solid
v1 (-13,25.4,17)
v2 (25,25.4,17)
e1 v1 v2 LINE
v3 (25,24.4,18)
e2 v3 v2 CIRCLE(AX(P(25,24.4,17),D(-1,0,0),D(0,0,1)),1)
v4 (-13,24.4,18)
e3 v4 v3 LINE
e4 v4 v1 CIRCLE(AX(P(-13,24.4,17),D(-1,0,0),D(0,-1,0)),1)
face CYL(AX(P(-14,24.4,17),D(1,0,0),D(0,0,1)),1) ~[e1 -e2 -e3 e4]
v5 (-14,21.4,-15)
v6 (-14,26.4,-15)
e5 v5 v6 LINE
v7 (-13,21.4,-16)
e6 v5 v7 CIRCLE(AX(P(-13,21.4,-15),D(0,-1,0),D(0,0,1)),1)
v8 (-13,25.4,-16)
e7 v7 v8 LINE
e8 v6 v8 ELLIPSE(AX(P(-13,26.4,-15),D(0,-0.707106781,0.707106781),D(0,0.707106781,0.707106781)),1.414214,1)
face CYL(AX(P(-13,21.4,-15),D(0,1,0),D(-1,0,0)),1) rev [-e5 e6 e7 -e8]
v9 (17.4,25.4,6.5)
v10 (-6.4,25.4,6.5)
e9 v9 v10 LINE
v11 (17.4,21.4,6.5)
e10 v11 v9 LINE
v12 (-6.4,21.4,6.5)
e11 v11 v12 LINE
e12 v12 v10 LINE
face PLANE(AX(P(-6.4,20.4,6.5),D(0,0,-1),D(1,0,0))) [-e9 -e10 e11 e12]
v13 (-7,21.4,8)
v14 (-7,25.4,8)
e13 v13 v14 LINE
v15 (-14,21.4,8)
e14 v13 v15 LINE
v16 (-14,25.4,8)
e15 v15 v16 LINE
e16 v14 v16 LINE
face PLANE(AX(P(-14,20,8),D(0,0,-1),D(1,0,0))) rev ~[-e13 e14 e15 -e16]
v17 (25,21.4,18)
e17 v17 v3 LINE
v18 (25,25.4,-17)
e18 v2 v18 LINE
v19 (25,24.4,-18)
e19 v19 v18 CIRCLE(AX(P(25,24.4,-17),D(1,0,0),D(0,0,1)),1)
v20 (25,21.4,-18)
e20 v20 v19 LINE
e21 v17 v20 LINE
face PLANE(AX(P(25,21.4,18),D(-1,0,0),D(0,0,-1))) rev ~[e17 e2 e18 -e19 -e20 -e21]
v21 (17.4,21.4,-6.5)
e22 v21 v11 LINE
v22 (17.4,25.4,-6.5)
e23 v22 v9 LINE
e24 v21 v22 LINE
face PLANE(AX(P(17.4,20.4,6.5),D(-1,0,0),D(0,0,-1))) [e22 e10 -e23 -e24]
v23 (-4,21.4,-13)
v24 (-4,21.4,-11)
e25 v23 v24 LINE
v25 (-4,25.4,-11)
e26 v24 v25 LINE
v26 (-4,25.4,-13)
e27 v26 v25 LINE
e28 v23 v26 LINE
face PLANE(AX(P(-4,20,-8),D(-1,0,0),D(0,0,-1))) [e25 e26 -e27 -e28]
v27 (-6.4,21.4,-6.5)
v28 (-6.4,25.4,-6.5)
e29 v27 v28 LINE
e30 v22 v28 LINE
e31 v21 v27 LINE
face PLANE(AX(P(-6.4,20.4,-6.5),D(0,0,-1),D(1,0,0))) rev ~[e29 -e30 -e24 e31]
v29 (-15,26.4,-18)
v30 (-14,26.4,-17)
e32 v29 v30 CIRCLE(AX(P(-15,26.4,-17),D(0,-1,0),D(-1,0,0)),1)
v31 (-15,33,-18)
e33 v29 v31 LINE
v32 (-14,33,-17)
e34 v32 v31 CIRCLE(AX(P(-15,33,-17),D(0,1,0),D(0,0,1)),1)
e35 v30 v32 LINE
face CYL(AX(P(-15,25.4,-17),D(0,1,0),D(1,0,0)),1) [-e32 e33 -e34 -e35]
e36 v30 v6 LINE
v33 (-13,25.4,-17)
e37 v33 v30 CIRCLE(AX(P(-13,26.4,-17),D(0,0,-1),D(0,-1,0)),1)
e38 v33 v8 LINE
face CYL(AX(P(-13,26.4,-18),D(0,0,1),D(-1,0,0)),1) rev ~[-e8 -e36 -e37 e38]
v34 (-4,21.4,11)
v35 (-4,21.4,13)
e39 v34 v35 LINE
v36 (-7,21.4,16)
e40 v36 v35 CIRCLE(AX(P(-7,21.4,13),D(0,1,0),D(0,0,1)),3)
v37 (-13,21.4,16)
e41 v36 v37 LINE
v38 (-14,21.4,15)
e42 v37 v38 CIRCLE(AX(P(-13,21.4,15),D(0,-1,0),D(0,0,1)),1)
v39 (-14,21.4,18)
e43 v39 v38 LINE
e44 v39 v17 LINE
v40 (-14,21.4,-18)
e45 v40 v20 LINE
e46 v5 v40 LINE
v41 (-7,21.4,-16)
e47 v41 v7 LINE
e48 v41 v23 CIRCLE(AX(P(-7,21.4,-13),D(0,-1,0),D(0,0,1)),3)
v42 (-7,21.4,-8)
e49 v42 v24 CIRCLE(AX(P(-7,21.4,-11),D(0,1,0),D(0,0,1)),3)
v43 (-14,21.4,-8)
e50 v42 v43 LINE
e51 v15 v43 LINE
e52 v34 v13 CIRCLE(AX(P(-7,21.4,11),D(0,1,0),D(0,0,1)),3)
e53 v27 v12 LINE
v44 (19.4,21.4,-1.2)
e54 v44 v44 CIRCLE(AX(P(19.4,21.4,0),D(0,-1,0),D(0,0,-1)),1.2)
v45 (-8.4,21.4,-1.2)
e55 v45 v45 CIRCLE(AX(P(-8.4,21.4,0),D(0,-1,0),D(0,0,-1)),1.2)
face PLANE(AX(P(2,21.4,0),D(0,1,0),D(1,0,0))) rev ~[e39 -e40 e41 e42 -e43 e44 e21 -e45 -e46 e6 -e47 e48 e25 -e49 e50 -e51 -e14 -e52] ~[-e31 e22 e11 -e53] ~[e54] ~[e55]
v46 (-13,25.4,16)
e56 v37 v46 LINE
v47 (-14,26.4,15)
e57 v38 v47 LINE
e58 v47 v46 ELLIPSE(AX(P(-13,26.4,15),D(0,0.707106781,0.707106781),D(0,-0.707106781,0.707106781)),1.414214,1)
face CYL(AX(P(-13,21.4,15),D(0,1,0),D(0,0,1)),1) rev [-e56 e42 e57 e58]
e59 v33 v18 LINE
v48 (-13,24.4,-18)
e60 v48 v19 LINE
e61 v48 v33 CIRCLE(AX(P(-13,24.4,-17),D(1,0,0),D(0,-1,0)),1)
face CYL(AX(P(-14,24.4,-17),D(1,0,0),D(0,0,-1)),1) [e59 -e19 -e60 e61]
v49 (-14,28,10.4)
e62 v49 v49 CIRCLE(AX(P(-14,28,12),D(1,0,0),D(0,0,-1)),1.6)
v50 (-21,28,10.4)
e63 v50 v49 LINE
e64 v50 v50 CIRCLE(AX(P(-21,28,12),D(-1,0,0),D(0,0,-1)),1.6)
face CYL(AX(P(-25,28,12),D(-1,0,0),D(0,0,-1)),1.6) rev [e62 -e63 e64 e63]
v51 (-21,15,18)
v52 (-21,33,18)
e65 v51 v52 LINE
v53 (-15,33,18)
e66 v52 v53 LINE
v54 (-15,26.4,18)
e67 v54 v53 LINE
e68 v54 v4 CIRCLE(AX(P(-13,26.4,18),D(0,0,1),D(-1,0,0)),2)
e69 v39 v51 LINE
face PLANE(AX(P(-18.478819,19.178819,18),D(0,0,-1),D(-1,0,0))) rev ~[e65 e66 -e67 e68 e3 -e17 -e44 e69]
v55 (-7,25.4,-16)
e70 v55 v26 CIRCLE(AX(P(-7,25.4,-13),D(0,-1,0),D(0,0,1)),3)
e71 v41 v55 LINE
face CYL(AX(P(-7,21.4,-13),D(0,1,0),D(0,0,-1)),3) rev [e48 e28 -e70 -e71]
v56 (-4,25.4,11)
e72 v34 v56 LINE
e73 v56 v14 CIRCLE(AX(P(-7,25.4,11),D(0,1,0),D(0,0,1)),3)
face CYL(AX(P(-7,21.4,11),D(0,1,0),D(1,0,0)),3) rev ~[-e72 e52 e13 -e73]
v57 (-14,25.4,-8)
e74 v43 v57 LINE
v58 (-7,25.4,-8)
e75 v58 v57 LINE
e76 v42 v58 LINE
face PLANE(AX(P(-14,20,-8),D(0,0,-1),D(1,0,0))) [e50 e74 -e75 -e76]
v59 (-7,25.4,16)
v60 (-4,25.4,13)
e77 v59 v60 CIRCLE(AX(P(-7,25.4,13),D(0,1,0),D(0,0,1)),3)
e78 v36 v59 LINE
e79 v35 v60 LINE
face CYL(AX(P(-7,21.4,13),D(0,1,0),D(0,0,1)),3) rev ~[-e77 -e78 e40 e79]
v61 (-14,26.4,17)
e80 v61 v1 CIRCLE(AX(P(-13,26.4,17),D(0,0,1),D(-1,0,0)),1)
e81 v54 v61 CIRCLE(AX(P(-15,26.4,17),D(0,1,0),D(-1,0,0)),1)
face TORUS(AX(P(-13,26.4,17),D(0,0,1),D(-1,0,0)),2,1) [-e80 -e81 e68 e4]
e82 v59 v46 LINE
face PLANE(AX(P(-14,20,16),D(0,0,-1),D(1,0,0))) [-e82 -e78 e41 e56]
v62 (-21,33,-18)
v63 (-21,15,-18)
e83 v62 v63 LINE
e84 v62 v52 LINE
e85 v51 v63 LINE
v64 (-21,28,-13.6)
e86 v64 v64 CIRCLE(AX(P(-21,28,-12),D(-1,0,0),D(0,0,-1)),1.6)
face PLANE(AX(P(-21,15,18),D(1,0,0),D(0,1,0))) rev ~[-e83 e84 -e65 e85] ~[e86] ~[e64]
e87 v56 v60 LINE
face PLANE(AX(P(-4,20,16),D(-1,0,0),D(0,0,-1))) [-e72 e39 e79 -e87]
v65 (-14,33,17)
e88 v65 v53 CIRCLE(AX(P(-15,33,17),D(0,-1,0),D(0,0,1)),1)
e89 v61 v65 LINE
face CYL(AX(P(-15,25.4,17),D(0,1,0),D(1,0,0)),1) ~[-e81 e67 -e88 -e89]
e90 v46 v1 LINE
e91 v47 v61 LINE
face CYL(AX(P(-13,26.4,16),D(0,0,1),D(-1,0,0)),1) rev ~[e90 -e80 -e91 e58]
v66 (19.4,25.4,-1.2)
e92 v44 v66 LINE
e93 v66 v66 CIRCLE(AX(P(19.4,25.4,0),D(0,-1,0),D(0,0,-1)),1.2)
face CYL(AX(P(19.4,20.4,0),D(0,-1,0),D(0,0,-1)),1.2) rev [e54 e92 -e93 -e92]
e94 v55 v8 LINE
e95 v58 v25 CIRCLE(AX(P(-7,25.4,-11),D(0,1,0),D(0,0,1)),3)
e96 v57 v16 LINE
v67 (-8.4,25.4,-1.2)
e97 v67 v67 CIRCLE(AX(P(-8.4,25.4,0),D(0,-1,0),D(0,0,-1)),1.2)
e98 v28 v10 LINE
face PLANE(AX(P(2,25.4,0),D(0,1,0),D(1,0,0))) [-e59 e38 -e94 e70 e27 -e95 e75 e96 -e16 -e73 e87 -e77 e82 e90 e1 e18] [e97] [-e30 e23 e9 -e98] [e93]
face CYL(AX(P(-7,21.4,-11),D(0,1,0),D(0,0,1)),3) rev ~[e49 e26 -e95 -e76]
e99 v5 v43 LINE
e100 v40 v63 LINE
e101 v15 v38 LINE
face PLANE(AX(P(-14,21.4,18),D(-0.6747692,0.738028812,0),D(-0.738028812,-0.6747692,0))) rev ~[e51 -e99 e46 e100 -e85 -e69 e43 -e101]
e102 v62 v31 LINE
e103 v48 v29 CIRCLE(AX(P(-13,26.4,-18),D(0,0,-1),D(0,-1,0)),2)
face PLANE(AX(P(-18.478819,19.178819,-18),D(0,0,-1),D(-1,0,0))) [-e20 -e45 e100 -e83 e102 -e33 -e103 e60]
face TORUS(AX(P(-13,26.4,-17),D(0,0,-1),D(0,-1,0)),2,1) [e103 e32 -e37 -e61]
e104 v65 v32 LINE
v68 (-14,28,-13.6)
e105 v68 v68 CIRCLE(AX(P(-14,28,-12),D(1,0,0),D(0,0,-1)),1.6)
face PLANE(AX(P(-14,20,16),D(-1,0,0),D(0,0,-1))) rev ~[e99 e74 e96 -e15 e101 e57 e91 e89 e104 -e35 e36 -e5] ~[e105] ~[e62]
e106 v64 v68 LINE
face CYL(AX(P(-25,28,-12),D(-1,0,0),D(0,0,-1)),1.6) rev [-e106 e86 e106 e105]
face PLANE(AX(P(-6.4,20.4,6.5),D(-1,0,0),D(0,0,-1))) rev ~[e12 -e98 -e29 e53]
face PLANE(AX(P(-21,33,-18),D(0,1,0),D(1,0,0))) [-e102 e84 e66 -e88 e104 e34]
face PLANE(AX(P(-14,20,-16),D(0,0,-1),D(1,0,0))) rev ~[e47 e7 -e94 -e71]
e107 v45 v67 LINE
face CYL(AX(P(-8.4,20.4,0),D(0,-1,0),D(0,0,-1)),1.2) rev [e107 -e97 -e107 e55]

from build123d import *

# Parameters (mm, degrees)
SERVO_SHELF_START                 = 21.4
SERVO_SHELF_PROFILE_W             = 46
SERVO_SHELF_PROFILE_H             = 36
SERVO_SHELF_DEPTH                 = 4
REAR_CLAMPING_BLOCK_START         = -18
REAR_CLAMPING_BLOCK_PROFILE_W     = 7
REAR_CLAMPING_BLOCK_PROFILE_H     = 10
REAR_CLAMPING_BLOCK_DEPTH         = 36
SERVO_BODY_WINDOW_START           = 20.4
SERVO_BODY_WINDOW_PROFILE_W       = 23.8
SERVO_BODY_WINDOW_PROFILE_H       = 13
SERVO_BODY_WINDOW_DEPTH           = 25.744213361
LEFT_NUT_ACCESS_START             = 20
LEFT_NUT_ACCESS_PROFILE_W         = 10
LEFT_NUT_ACCESS_PROFILE_H         = 8
LEFT_NUT_ACCESS_DEPTH             = 26.144213361
RIGHT_NUT_ACCESS_START            = 20
RIGHT_NUT_ACCESS_PROFILE_W        = 10
RIGHT_NUT_ACCESS_PROFILE_H        = 8
RIGHT_NUT_ACCESS_DEPTH            = 26.144213361
REAR_CLAMPING_M3_HOLES_START      = -25
REAR_CLAMPING_M3_PROFILE_R        = 1.6
REAR_CLAMPING_M3_HOLES_DEPTH      = 11
FILLET1_R                         = 3
FILLET2_R                         = 1
BOSS_EXTRUDE1_START               = -36
BOSS_EXTRUDE1_DEPTH               = 36
OWNED_SG90_M2_EAR_HOLES_START     = 20.4
OWNED_SG90_M2_EAR_HOLES_PROFILE_R = 1.2
OWNED_SG90_M2_EAR_HOLES_DEPTH     = 25.744213361


with BuildPart() as part:
    # Servo_shelf_profile → Servo_shelf (new body)
    with BuildSketch(Plane(origin=(0, 0, 0), x_dir=(1, 0, 0), z_dir=(0, 1, 0)).offset(SERVO_SHELF_START)):
        with Locations((2, 0)):
            Rectangle(SERVO_SHELF_PROFILE_W, SERVO_SHELF_PROFILE_H)
    extrude(amount=SERVO_SHELF_DEPTH)

    # Rear_clamping_block_profile → Rear_clamping_block (add)
    with BuildSketch(Plane.XY.offset(REAR_CLAMPING_BLOCK_START)):
        with Locations((-17.5, 28)):
            Rectangle(REAR_CLAMPING_BLOCK_PROFILE_W, REAR_CLAMPING_BLOCK_PROFILE_H)
    extrude(amount=REAR_CLAMPING_BLOCK_DEPTH)

    # Servo_body_window_profile → Servo_body_window (cut, through all)
    with BuildSketch(Plane(origin=(0, 0, 0), x_dir=(1, 0, 0), z_dir=(0, 1, 0)).offset(SERVO_BODY_WINDOW_START)):
        with Locations((5.5, 0)):
            Rectangle(SERVO_BODY_WINDOW_PROFILE_W, SERVO_BODY_WINDOW_PROFILE_H)
    extrude(amount=SERVO_BODY_WINDOW_DEPTH, mode=Mode.SUBTRACT)

    # Left_nut_access_profile → Left_nut_access (cut, through all)
    with BuildSketch(Plane(origin=(0, 0, 0), x_dir=(1, 0, 0), z_dir=(0, 1, 0)).offset(LEFT_NUT_ACCESS_START)):
        with Locations((-9, 12)):
            Rectangle(LEFT_NUT_ACCESS_PROFILE_W, LEFT_NUT_ACCESS_PROFILE_H)
    extrude(amount=LEFT_NUT_ACCESS_DEPTH, mode=Mode.SUBTRACT)

    # Right_nut_access_profile → Right_nut_access (cut, through all)
    with BuildSketch(Plane(origin=(0, 0, 0), x_dir=(1, 0, 0), z_dir=(0, 1, 0)).offset(RIGHT_NUT_ACCESS_START)):
        with Locations((-9, -12)):
            Rectangle(RIGHT_NUT_ACCESS_PROFILE_W, RIGHT_NUT_ACCESS_PROFILE_H)
    extrude(amount=RIGHT_NUT_ACCESS_DEPTH, mode=Mode.SUBTRACT)

    # Rear_clamping_M3_profile → Rear_clamping_M3_holes (cut)
    with BuildSketch(Plane(origin=(0, 0, 0), x_dir=(0, 0, -1), z_dir=(1, 0, 0)).offset(REAR_CLAMPING_M3_HOLES_START)):
        with Locations((12, 28)):
            Circle(REAR_CLAMPING_M3_PROFILE_R)
        with Locations((-12, 28)):
            Circle(REAR_CLAMPING_M3_PROFILE_R)
    extrude(amount=REAR_CLAMPING_M3_HOLES_DEPTH, mode=Mode.SUBTRACT)

    # Fillet1
    fillet1_edges = [part.edges().sort_by_distance(p)[0] for p in [
        (-4, 23.4, -8),
        (-4, 23.4, -16),
        (-4, 23.4, 16),
        (-4, 23.4, 8),
    ]]
    fillet(fillet1_edges, radius=FILLET1_R)

    # Fillet2
    fillet2_edges = [part.edges().sort_by_distance(p)[0] for p in [
        (5.5, 25.4, 18),
        (-14, 25.4, 17),
        (5.5, 25.4, -18),
        (-14, 29.2, 18),
        (-14, 29.2, -18),
        (-14, 25.4, -17),
        (-14, 23.4, -16),
        (-14, 23.4, 16),
    ]]
    fillet(fillet2_edges, radius=FILLET2_R)

    # Sketch1 → Boss-Extrude1 (add)
    with BuildSketch(Plane(origin=(0, 0, -18), x_dir=(-1, 0, 0), z_dir=(0, 0, -1)).offset(BOSS_EXTRUDE1_START)):
        Polygon((14, 21.4), (21, 15), (21, 21.4), align=None)
    extrude(amount=BOSS_EXTRUDE1_DEPTH)

    # Owned_SG90_M2_ear_holes_profile → Owned_SG90_M2_ear_holes (cut, through all)
    with BuildSketch(Plane(origin=(0, 0, 0), x_dir=(1, 0, 0), z_dir=(0, 1, 0)).offset(OWNED_SG90_M2_EAR_HOLES_START)):
        with Locations(Location((-8.4, 0, 0), (0, 0, 90))):
            Circle(OWNED_SG90_M2_EAR_HOLES_PROFILE_R)
        with Locations(Location((19.4, 0, 0), (0, 0, 90))):
            Circle(OWNED_SG90_M2_EAR_HOLES_PROFILE_R)
    extrude(amount=OWNED_SG90_M2_EAR_HOLES_DEPTH, mode=Mode.SUBTRACT)


solid = part.part
